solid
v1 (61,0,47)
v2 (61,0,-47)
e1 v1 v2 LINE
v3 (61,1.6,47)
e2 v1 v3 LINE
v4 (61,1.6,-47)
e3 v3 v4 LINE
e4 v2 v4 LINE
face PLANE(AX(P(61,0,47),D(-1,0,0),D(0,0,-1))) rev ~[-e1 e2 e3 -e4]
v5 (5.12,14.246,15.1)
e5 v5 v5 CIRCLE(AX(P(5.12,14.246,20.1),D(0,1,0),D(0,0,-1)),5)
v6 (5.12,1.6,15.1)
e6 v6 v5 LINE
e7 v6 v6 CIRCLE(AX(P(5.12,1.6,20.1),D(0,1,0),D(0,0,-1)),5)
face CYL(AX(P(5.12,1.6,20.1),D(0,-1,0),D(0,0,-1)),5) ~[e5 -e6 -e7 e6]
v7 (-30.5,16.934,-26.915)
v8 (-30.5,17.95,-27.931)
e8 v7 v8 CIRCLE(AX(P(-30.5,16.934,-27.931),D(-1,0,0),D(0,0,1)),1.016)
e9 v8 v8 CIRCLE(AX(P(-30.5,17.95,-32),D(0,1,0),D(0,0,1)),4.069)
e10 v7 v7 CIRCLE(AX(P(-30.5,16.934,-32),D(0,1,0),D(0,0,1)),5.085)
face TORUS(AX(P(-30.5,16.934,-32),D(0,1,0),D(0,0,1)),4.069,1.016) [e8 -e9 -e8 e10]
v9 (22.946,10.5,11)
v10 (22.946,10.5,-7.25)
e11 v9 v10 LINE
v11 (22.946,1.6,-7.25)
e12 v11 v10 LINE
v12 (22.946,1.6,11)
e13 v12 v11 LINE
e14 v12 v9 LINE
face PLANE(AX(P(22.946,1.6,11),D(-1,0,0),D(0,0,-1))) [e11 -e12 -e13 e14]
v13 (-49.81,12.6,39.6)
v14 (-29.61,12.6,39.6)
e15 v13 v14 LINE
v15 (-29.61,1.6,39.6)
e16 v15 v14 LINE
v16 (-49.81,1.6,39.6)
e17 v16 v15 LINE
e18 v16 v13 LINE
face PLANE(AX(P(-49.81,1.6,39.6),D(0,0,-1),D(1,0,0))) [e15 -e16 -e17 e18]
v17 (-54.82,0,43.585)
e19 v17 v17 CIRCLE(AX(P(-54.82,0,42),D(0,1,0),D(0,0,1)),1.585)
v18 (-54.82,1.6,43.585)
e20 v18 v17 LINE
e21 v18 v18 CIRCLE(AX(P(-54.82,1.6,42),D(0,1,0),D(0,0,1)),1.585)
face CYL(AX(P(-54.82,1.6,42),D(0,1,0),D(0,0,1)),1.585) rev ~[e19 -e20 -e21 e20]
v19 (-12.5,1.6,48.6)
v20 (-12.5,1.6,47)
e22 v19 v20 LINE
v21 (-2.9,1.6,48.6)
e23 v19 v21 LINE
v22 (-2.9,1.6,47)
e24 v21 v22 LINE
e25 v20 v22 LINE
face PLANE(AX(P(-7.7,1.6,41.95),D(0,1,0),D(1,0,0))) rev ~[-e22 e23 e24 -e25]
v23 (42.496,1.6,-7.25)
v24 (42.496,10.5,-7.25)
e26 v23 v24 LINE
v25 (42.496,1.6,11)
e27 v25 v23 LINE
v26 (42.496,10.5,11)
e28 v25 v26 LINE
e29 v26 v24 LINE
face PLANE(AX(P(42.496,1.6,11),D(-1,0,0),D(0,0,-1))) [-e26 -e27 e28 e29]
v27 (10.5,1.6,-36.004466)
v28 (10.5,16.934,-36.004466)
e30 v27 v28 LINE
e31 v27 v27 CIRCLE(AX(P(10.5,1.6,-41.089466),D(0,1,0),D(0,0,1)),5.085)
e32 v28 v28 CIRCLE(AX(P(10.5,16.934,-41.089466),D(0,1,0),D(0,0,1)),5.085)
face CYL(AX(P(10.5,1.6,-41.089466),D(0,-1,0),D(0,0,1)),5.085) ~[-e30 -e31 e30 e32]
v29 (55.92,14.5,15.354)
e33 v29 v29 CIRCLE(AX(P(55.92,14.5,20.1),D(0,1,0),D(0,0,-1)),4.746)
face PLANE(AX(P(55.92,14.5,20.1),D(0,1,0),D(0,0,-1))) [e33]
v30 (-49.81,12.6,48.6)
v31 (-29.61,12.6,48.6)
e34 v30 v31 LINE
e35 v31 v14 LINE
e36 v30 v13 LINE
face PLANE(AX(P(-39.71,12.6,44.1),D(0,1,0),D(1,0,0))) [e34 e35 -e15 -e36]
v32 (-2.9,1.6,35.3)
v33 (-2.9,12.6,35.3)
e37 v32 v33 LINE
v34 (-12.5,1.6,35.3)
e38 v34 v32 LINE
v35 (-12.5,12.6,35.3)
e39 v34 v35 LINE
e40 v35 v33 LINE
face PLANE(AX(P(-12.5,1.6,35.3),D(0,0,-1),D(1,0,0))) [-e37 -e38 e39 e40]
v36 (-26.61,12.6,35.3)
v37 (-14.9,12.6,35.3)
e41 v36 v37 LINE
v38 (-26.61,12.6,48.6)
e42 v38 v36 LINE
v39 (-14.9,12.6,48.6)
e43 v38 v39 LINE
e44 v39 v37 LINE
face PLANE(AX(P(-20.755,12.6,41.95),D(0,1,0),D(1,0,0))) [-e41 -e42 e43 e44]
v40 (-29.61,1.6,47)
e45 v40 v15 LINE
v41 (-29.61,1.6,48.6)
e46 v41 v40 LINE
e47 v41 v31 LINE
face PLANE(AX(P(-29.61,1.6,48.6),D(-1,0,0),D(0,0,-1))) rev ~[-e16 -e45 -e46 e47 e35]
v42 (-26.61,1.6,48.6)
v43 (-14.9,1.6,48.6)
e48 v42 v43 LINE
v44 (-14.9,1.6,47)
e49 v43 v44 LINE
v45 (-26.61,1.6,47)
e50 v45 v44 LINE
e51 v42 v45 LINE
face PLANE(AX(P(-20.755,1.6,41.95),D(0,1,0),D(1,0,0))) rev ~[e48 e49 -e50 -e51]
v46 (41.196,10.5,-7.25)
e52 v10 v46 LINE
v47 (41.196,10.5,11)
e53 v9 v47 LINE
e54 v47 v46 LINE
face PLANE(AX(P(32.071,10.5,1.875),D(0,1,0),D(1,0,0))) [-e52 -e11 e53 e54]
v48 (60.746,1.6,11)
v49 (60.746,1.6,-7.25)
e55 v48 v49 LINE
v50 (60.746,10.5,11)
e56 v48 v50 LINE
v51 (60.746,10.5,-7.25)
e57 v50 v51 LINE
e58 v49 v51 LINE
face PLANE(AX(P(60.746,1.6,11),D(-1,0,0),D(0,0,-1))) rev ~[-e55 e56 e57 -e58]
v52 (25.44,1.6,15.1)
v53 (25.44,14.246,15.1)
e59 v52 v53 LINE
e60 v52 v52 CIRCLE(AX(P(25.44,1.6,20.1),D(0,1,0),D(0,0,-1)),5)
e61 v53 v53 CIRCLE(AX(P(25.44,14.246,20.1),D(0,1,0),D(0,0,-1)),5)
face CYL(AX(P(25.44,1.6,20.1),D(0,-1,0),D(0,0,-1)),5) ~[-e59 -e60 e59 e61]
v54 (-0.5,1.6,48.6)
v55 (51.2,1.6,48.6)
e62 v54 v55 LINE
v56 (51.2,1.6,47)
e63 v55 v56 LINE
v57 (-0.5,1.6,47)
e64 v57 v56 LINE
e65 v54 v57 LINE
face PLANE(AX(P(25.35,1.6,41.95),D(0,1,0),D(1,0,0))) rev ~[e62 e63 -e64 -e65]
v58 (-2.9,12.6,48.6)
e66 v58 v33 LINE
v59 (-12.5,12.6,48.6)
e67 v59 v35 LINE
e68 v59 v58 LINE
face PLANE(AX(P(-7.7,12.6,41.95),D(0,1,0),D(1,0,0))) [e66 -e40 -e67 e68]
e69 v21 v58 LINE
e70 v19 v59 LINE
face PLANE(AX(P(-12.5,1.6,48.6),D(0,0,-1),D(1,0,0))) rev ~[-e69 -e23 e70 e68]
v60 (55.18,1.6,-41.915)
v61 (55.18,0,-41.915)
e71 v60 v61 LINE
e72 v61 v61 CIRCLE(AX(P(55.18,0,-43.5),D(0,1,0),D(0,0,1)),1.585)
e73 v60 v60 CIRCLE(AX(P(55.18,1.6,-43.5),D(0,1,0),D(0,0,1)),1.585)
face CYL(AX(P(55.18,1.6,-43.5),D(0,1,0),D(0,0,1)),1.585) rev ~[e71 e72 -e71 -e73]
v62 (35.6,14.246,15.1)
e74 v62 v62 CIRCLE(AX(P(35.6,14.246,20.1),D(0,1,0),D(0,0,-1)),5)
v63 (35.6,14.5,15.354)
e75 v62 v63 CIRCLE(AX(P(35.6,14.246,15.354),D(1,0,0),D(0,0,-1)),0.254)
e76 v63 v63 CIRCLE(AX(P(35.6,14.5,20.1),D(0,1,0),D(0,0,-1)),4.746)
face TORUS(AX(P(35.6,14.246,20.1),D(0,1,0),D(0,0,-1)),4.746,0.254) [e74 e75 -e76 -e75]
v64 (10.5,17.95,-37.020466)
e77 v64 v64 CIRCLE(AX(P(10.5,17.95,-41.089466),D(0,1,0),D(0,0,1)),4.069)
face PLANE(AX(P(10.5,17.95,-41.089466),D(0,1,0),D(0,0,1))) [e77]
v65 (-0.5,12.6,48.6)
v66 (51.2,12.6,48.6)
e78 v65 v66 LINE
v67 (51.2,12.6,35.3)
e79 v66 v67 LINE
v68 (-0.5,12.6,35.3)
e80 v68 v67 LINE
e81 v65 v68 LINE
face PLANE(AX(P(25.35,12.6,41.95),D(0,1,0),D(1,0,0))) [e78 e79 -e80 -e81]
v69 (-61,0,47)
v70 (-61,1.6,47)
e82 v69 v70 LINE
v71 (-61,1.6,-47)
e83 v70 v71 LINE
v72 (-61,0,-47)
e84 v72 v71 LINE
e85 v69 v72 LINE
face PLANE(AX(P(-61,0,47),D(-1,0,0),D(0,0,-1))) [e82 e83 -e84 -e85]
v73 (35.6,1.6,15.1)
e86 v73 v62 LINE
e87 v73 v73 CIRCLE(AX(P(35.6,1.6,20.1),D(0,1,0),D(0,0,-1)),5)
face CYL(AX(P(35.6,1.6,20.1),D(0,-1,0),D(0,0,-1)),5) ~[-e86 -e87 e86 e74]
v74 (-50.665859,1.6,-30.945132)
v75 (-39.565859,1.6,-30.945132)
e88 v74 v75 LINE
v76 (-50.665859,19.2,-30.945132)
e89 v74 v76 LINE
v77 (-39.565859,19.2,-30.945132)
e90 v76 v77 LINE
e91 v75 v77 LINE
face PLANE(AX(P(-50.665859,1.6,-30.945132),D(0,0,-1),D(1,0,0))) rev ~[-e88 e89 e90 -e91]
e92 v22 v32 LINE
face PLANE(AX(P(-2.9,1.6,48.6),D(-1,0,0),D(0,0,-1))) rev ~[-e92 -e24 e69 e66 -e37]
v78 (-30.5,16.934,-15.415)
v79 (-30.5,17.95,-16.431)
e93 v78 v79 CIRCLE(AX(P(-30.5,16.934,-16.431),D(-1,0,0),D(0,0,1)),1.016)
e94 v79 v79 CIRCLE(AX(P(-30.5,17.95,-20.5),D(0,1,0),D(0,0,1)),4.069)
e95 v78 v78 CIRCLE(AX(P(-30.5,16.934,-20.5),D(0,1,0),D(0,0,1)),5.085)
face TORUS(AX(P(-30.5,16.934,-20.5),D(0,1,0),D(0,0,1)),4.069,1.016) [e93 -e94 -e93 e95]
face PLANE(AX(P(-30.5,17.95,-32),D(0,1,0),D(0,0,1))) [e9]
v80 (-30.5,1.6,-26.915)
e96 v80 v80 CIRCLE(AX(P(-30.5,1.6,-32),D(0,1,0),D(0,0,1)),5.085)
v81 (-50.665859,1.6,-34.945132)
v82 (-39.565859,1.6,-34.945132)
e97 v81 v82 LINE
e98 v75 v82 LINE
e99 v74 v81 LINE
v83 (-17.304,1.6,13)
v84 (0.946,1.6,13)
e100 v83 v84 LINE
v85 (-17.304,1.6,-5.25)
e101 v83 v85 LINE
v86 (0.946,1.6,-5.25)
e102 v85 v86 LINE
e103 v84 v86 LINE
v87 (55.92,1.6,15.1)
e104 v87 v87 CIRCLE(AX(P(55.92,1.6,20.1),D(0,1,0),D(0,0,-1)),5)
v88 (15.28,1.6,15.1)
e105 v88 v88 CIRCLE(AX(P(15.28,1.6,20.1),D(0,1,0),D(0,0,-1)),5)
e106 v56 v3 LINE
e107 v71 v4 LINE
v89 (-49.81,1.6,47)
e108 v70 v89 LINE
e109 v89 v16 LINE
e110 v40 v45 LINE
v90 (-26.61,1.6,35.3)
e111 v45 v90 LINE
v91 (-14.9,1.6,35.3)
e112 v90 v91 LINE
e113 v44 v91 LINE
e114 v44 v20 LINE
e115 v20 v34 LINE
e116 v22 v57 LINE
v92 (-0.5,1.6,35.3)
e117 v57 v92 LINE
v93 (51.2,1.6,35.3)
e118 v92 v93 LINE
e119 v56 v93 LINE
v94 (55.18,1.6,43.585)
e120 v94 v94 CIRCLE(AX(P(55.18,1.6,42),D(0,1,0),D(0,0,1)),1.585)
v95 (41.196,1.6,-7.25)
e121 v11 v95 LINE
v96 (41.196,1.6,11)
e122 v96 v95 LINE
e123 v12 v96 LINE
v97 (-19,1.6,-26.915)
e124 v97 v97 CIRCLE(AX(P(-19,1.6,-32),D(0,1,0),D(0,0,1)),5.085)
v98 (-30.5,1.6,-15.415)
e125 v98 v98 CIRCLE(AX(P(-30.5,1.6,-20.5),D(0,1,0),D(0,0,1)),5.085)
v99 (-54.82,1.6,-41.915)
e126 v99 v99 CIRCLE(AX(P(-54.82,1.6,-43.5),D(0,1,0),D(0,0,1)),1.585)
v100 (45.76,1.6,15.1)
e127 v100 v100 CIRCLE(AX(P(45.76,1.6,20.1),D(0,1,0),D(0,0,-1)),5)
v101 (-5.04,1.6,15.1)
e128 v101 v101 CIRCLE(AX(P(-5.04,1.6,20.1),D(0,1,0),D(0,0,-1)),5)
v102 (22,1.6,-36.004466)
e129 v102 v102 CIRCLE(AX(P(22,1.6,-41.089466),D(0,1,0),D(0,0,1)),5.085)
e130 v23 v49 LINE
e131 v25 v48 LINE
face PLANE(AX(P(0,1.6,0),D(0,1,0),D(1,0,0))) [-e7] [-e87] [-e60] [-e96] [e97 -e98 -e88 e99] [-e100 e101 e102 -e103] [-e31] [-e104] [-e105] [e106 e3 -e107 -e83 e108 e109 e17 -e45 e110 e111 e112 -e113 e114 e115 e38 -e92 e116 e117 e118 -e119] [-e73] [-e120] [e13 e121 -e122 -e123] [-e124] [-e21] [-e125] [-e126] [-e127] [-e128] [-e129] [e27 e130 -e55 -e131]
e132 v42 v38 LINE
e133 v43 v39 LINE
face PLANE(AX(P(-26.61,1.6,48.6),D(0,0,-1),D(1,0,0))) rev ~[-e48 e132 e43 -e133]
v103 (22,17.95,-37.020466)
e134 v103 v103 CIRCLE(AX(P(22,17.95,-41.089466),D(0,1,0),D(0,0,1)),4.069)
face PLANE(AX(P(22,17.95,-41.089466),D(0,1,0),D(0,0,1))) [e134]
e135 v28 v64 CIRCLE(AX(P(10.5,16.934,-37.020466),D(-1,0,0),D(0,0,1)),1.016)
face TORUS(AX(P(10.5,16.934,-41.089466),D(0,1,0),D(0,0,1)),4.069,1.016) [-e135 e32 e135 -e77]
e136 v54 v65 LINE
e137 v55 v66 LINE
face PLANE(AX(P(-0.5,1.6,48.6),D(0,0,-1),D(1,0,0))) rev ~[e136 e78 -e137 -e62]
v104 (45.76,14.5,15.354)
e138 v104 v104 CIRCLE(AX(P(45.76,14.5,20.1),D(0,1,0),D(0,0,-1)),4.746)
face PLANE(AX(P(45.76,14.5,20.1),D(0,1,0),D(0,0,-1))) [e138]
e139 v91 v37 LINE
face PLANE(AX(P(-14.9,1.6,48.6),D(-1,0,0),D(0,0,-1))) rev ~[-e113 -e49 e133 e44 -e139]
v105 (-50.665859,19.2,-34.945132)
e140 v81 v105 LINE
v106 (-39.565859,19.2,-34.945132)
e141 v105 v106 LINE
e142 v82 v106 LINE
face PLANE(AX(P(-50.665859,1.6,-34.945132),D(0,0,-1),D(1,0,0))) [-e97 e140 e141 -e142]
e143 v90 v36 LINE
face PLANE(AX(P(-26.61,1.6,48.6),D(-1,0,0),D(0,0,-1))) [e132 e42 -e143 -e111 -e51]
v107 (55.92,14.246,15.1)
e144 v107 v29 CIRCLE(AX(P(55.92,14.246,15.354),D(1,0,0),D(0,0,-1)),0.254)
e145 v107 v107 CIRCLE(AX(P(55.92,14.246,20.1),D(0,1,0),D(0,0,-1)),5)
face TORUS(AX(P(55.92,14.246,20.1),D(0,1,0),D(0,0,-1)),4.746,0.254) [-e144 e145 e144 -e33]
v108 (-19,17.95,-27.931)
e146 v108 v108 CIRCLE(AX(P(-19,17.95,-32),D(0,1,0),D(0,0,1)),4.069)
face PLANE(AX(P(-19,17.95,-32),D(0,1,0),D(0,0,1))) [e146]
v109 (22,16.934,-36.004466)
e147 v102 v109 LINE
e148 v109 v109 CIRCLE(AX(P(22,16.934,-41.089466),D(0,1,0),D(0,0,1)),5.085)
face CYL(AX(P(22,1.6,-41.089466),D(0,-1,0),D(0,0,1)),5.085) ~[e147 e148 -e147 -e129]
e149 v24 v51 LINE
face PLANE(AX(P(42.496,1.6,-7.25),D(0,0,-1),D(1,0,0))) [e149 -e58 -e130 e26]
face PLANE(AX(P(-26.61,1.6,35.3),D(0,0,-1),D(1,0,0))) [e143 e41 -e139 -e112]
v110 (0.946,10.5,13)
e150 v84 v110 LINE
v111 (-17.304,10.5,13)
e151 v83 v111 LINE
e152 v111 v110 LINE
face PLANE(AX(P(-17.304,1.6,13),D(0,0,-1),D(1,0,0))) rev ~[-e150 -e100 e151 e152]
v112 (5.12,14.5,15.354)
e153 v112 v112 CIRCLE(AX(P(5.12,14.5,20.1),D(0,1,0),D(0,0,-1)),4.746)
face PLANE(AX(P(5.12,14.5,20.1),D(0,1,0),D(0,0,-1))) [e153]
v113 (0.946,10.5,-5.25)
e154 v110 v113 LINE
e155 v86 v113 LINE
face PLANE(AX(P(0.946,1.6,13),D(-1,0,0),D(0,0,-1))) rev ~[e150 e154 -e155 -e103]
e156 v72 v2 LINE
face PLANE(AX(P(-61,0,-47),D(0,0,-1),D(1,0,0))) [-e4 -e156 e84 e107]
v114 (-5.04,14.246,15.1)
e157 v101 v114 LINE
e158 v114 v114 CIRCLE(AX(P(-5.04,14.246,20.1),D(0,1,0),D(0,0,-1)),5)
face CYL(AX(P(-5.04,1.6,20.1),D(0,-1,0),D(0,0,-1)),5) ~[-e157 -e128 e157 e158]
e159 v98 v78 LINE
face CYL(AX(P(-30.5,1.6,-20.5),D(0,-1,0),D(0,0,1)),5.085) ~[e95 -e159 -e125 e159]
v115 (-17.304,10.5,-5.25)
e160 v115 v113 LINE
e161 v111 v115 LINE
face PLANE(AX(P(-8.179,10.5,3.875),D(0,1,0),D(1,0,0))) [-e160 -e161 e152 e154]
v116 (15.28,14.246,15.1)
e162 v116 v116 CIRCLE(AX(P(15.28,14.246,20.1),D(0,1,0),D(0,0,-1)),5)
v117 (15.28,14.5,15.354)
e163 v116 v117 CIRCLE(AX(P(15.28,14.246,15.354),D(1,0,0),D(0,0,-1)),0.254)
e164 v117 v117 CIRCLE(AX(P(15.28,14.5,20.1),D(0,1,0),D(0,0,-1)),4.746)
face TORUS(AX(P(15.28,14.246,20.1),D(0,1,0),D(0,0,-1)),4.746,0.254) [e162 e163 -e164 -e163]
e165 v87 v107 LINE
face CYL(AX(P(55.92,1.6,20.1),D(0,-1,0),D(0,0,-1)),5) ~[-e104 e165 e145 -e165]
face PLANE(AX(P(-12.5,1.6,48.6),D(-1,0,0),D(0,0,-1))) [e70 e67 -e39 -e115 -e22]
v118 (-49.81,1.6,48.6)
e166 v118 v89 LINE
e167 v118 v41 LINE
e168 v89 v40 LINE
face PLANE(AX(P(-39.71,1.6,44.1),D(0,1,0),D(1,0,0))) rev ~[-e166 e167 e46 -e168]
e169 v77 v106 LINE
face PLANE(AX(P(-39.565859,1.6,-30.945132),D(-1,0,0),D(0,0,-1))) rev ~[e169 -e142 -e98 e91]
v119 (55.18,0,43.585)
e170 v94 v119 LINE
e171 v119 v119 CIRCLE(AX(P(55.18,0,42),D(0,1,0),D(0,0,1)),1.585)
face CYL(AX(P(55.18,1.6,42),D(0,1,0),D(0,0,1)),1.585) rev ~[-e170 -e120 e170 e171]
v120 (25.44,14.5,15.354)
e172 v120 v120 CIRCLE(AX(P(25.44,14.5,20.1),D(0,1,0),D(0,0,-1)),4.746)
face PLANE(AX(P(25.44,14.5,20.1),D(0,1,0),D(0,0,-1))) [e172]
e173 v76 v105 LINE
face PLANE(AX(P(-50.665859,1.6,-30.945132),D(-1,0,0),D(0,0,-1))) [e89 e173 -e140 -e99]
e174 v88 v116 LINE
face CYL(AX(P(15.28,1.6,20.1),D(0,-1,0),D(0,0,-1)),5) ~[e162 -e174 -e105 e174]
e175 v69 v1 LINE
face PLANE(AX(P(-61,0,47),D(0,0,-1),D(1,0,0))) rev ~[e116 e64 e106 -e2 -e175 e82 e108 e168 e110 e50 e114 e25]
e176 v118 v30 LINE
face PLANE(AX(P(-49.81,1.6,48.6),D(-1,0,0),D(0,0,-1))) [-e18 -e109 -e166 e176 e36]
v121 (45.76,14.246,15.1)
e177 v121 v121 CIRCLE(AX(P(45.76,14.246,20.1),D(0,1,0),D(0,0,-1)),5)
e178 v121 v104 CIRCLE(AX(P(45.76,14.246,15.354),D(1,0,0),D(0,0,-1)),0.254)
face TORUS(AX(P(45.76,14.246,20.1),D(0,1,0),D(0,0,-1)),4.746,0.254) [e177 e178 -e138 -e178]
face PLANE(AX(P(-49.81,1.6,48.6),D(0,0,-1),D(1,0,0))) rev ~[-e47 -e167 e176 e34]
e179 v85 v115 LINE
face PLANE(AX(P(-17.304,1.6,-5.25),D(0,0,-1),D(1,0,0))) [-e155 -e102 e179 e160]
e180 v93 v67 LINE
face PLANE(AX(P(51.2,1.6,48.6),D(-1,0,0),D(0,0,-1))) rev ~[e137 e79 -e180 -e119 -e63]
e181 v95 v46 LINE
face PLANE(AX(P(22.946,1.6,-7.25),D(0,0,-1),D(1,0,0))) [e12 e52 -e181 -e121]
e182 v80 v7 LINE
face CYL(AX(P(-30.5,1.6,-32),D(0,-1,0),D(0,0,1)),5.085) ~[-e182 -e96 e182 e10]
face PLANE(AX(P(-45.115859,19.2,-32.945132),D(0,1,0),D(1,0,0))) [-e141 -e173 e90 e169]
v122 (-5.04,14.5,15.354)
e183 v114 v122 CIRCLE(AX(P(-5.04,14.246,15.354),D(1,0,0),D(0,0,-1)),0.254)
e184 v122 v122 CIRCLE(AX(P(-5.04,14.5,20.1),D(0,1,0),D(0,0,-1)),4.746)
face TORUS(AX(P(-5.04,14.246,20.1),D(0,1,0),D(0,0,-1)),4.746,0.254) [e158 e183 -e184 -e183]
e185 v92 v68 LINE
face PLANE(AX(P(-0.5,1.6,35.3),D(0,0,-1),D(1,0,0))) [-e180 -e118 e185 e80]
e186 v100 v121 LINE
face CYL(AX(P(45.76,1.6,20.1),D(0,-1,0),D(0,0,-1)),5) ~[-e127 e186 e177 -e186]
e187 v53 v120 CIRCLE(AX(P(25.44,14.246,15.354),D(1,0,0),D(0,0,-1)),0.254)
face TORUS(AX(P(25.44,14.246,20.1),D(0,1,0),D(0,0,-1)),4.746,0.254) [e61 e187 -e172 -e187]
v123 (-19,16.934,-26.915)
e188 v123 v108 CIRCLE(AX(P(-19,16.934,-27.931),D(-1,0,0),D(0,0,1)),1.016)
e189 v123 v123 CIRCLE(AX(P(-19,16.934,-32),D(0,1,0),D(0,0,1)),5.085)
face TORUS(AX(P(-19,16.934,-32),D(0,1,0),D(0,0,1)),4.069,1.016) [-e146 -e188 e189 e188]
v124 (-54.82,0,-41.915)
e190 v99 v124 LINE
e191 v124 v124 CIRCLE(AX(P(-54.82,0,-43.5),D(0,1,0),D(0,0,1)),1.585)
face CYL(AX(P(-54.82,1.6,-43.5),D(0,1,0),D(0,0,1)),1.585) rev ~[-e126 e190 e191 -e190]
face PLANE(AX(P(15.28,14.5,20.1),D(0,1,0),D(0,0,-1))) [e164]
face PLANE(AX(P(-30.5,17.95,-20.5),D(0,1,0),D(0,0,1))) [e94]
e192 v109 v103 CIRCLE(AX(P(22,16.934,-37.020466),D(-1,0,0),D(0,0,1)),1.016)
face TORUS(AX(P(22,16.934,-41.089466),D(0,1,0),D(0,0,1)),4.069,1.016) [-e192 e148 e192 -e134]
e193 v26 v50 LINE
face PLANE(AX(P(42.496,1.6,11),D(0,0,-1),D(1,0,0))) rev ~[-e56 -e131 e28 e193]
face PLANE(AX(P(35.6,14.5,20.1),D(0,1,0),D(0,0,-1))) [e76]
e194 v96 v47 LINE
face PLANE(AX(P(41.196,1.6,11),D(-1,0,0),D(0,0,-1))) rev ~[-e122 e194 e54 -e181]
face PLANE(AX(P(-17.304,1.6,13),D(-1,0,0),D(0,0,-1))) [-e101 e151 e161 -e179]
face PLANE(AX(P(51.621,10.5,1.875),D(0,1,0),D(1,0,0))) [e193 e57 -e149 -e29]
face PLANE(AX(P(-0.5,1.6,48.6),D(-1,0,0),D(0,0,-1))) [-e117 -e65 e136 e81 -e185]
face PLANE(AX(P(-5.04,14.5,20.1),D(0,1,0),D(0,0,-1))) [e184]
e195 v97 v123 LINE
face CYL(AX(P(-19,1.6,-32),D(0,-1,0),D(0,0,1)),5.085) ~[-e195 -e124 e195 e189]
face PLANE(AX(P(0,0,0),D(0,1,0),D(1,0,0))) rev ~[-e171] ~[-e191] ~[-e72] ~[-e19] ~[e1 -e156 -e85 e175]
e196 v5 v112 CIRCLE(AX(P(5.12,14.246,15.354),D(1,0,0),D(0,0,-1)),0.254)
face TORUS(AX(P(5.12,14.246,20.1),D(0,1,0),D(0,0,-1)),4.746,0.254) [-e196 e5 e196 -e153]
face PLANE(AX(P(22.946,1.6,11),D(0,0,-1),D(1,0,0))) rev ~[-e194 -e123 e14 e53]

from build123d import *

# Parameters (mm, degrees)
SKETCH1_W              = 122
SKETCH1_H              = 94
BOSS_EXTRUDE1_DEPTH    = 1.6
SKETCH2_R              = 1.585
CUT_EXTRUDE1_DEPTH     = 78.023113414
SKETCH3_R              = 5.085
BOSS_EXTRUDE2_DEPTH    = 16.35
FILLET1_R              = 1.016
SKETCH4_R              = 5
BOSS_EXTRUDE3_DEPTH    = 12.9
FILLET2_R              = 0.254
LPATTERN1_COUNT        = 7
LPATTERN1_PITCH        = 10.16
FILLET2_OF_LPATTERN1_R = 0.254
SKETCH5_W              = 18.25
SKETCH5_H              = 18.25
BOSS_EXTRUDE4_DEPTH    = 8.9
SKETCH6_W              = 11.1
SKETCH6_H              = 4
BOSS_EXTRUDE5_DEPTH    = 17.6
SKETCH7_W              = 20.2
SKETCH7_H              = 9
SKETCH7_W_2            = 11.709999948
SKETCH7_H_2            = 13.3
SKETCH7_W_3            = 9.6
SKETCH7_W_4            = 51.699999978
BOSS_EXTRUDE6_DEPTH    = 11


with BuildPart() as part:
    # Sketch1 → Boss-Extrude1 (new body)
    with BuildSketch(Plane(origin=(0, 0, 0), x_dir=(1, 0, 0), z_dir=(0, 1, 0))):
        Rectangle(SKETCH1_W, SKETCH1_H)
    extrude(amount=BOSS_EXTRUDE1_DEPTH)

    # Sketch2 → Cut-Extrude1 (cut, through all)
    with BuildSketch(Plane(origin=(0, 1.6, 0), x_dir=(1, 0, 0), z_dir=(0, 1, 0))):
        with Locations(Location((-54.82, 43.5, 0), (0, 0, 270))):
            Circle(SKETCH2_R)
        with Locations(Location((55.18, 43.5, 0), (0, 0, 270))):
            Circle(SKETCH2_R)
        with Locations(Location((55.18, -42, 0), (0, 0, 270))):
            Circle(SKETCH2_R)
        with Locations(Location((-54.82, -42, 0), (0, 0, 270))):
            Circle(SKETCH2_R)
    extrude(amount=-CUT_EXTRUDE1_DEPTH, mode=Mode.SUBTRACT)

    # Sketch3 → Boss-Extrude2 (add)
    with BuildSketch(Plane(origin=(0, 1.6, 0), x_dir=(1, 0, 0), z_dir=(0, 1, 0))):
        with Locations(Location((22, 41.089465704, 0), (0, 0, 270))):
            Circle(SKETCH3_R)
        with Locations(Location((10.5, 41.089465704, 0), (0, 0, 270))):
            Circle(SKETCH3_R)
        with Locations(Location((-19, 32, 0), (0, 0, 270))):
            Circle(SKETCH3_R)
        with Locations(Location((-30.5, 32, 0), (0, 0, 270))):
            Circle(SKETCH3_R)
        with Locations(Location((-30.5, 20.5, 0), (0, 0, 270))):
            Circle(SKETCH3_R)
    extrude(amount=BOSS_EXTRUDE2_DEPTH)

    # Fillet1
    fillet1_edges = [part.edges().sort_by_distance(p)[0] for p in [
        (22, 17.95, -46.174465704),
        (10.5, 17.95, -46.174465704),
        (-19, 17.95, -37.085),
        (-30.5, 17.95, -37.085),
        (-30.5, 17.95, -25.585),
    ]]
    fillet(fillet1_edges, radius=FILLET1_R)

    # Sketch4 → Boss-Extrude3 (add)
    with BuildSketch(Plane(origin=(0, 1.6, 0), x_dir=(1, 0, 0), z_dir=(0, 1, 0))):
        with Locations(Location((55.92, -20.1, 0), (0, 0, 90))):
            Circle(SKETCH4_R)
    boss_extrude3 = extrude(amount=BOSS_EXTRUDE3_DEPTH)

    # Fillet2
    fillet2_edges = [part.edges().sort_by_distance(p)[0] for p in [
        (55.92, 14.5, 25.1),
    ]]
    fillet(fillet2_edges, radius=FILLET2_R)

    # LPattern1: Boss-Extrude3 ×7
    with Locations(*[(-i * LPATTERN1_PITCH, 0, 0) for i in range(1, LPATTERN1_COUNT)]):
        add(boss_extrude3)

    # Fillet2 of LPattern1
    fillet2_of_lpattern1_edges = [part.edges().sort_by_distance(p)[0] for p in [
        (45.76, 14.5, 25.1),
        (35.6, 14.5, 25.1),
        (25.44, 14.5, 25.1),
        (15.28, 14.5, 25.1),
        (5.12, 14.5, 25.1),
        (-5.04, 14.5, 25.1),
    ]]
    fillet(fillet2_of_lpattern1_edges, radius=FILLET2_OF_LPATTERN1_R)

    # Sketch5 → Boss-Extrude4 (add)
    with BuildSketch(Plane(origin=(0, 1.6, 0), x_dir=(1, 0, 0), z_dir=(0, 1, 0))):
        with Locations((51.621, -1.875)):
            Rectangle(SKETCH5_W, SKETCH5_H)
        with Locations((32.071, -1.875)):
            Rectangle(SKETCH5_W, SKETCH5_H)
        with Locations((-8.179, -3.875)):
            Rectangle(SKETCH5_W, SKETCH5_H)
    extrude(amount=BOSS_EXTRUDE4_DEPTH)

    # Sketch6 → Boss-Extrude5 (add)
    with BuildSketch(Plane(origin=(0, 1.6, 0), x_dir=(1, 0, 0), z_dir=(0, 1, 0))):
        with Locations((-45.115858771, 32.945131729)):
            Rectangle(SKETCH6_W, SKETCH6_H)
    extrude(amount=BOSS_EXTRUDE5_DEPTH)

    # Sketch7 → Boss-Extrude6 (add)
    with BuildSketch(Plane(origin=(0, 1.6, 0), x_dir=(1, 0, 0), z_dir=(0, 1, 0))):
        with Locations((-39.709999884, -44.1)):
            Rectangle(SKETCH7_W, SKETCH7_H)
        with Locations((-20.75499991, -41.95)):
            Rectangle(SKETCH7_W_2, SKETCH7_H_2)
        with Locations((-7.699999936, -41.95)):
            Rectangle(SKETCH7_W_3, SKETCH7_H_2)
        with Locations((25.350000053, -41.95)):
            Rectangle(SKETCH7_W_4, SKETCH7_H_2)
    extrude(amount=BOSS_EXTRUDE6_DEPTH)


solid = part.part
